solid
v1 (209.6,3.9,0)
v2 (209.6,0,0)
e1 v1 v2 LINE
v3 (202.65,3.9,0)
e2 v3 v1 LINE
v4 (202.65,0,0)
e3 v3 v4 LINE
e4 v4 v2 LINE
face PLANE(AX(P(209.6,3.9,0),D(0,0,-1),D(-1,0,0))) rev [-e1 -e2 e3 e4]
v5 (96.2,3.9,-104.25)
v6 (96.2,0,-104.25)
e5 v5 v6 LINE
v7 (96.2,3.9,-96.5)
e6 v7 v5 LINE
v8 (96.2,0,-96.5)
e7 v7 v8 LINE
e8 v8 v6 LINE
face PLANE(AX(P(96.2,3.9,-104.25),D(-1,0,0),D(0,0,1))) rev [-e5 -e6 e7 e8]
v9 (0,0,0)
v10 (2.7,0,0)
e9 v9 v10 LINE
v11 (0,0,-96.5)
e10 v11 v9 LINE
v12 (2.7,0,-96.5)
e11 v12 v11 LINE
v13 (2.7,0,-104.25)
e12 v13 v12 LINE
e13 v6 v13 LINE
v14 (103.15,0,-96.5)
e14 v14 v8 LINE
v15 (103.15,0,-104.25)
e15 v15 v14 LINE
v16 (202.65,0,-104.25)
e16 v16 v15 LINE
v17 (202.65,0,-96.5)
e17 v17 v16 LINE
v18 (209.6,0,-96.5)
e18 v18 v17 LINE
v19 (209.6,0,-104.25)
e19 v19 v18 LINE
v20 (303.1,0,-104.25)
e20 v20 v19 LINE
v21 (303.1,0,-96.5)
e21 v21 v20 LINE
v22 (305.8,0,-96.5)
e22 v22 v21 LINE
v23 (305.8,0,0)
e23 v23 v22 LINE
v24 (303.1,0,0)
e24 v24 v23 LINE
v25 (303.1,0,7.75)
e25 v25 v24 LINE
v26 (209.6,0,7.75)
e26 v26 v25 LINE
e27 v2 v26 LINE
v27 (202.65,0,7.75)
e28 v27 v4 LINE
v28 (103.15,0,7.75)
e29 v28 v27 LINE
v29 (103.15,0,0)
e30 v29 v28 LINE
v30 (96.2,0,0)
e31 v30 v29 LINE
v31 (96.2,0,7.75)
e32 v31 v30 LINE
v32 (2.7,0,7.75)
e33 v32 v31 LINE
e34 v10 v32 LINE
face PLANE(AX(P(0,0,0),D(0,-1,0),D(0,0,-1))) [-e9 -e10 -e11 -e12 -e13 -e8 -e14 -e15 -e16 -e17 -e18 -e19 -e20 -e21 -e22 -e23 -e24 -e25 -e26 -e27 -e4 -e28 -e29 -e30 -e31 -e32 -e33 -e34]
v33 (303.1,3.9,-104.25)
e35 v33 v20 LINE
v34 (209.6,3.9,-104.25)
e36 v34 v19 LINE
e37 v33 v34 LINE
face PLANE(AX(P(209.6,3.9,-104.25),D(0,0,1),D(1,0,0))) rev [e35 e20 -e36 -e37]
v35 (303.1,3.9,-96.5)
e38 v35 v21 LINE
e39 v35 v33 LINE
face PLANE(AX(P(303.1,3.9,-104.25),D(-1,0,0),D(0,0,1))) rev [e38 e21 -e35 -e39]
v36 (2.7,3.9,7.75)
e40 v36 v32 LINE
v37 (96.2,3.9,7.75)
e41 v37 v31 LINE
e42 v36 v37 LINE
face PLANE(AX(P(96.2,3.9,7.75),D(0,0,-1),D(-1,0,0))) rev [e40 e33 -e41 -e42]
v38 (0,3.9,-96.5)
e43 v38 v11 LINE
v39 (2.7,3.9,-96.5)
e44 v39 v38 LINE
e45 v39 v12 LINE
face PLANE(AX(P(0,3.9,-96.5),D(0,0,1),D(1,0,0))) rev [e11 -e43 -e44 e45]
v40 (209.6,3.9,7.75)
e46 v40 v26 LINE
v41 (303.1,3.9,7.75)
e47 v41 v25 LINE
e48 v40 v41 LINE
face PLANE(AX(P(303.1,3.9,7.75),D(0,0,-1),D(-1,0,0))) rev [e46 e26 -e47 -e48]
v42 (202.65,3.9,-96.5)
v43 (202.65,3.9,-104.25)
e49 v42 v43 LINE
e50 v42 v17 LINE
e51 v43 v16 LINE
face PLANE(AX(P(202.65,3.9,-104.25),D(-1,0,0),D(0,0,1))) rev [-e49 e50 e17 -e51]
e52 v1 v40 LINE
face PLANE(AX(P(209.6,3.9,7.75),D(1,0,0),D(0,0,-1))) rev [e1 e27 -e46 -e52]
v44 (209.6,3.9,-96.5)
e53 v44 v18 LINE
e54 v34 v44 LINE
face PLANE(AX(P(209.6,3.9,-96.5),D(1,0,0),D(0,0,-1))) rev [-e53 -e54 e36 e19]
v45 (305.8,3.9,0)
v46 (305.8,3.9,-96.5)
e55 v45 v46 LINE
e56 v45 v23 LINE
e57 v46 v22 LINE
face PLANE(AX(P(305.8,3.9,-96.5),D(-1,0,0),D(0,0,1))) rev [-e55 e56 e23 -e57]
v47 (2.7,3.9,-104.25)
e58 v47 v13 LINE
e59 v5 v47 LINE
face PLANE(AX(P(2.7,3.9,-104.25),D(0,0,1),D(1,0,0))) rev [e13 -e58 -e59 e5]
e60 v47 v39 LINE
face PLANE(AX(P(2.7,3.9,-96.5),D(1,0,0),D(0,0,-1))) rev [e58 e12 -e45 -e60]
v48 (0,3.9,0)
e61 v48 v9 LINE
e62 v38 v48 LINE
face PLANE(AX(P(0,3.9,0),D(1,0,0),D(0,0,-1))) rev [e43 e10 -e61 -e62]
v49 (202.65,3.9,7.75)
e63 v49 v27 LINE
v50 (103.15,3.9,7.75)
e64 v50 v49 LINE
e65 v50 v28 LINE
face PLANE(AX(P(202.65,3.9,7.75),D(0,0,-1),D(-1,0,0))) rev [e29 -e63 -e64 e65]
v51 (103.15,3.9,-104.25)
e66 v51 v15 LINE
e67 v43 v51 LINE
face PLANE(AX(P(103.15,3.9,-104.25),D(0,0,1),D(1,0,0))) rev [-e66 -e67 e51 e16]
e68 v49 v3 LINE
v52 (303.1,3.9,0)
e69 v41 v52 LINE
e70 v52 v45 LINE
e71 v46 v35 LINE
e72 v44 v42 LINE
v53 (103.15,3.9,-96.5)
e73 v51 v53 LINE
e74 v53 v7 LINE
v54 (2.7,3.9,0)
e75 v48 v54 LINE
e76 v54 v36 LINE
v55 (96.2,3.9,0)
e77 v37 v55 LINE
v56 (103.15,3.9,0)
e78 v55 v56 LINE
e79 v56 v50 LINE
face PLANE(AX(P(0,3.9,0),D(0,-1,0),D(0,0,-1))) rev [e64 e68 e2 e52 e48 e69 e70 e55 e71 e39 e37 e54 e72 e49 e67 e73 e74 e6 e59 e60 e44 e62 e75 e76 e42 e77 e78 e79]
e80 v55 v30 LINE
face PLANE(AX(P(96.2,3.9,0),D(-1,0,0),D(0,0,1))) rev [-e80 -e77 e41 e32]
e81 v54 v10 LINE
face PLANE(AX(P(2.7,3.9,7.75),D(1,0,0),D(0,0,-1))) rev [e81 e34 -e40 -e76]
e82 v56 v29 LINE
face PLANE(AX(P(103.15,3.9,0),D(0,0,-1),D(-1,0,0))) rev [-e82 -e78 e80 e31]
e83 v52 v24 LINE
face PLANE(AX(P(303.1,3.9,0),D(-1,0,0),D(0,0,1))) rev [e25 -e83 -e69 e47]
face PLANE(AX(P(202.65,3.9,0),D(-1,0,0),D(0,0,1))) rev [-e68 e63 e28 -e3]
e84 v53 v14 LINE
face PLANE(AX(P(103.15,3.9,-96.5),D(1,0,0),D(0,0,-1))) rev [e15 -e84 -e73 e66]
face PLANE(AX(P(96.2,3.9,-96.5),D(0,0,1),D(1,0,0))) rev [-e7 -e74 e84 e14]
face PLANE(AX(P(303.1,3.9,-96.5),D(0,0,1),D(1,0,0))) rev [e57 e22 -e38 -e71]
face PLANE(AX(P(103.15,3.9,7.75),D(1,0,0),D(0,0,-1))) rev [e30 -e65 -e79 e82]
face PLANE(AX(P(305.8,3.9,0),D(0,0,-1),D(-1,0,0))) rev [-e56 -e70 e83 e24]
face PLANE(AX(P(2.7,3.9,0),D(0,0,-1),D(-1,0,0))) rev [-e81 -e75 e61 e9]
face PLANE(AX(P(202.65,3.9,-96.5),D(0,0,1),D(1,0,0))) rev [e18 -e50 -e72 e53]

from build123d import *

# Parameters (mm, degrees)
BOSS_EXTRUDE1_DEPTH = 3.9


with BuildPart() as part:
    # Sketch1 → Boss-Extrude1 (new body)
    with BuildSketch(Plane(origin=(0, 0, 0), x_dir=(1, 0, 0), z_dir=(0, 1, 0))):
        Polygon((0, 0), (0, 96.5), (2.7, 96.5), (2.7, 104.25), (96.2, 104.25), (96.2, 96.5), (103.15, 96.5), (103.15, 104.25), (202.65, 104.25), (202.65, 96.5), (209.6, 96.5), (209.6, 104.25), (303.1, 104.25), (303.1, 96.5), (305.8, 96.5), (305.8, 0), (303.1, 0), (303.1, -7.75), (209.6, -7.75), (209.6, 0), (202.65, 0), (202.65, -7.75), (103.15, -7.75), (103.15, 0), (96.2, 0), (96.2, -7.75), (2.7, -7.75), (2.7, 0), align=None)
    extrude(amount=BOSS_EXTRUDE1_DEPTH)


solid = part.part
